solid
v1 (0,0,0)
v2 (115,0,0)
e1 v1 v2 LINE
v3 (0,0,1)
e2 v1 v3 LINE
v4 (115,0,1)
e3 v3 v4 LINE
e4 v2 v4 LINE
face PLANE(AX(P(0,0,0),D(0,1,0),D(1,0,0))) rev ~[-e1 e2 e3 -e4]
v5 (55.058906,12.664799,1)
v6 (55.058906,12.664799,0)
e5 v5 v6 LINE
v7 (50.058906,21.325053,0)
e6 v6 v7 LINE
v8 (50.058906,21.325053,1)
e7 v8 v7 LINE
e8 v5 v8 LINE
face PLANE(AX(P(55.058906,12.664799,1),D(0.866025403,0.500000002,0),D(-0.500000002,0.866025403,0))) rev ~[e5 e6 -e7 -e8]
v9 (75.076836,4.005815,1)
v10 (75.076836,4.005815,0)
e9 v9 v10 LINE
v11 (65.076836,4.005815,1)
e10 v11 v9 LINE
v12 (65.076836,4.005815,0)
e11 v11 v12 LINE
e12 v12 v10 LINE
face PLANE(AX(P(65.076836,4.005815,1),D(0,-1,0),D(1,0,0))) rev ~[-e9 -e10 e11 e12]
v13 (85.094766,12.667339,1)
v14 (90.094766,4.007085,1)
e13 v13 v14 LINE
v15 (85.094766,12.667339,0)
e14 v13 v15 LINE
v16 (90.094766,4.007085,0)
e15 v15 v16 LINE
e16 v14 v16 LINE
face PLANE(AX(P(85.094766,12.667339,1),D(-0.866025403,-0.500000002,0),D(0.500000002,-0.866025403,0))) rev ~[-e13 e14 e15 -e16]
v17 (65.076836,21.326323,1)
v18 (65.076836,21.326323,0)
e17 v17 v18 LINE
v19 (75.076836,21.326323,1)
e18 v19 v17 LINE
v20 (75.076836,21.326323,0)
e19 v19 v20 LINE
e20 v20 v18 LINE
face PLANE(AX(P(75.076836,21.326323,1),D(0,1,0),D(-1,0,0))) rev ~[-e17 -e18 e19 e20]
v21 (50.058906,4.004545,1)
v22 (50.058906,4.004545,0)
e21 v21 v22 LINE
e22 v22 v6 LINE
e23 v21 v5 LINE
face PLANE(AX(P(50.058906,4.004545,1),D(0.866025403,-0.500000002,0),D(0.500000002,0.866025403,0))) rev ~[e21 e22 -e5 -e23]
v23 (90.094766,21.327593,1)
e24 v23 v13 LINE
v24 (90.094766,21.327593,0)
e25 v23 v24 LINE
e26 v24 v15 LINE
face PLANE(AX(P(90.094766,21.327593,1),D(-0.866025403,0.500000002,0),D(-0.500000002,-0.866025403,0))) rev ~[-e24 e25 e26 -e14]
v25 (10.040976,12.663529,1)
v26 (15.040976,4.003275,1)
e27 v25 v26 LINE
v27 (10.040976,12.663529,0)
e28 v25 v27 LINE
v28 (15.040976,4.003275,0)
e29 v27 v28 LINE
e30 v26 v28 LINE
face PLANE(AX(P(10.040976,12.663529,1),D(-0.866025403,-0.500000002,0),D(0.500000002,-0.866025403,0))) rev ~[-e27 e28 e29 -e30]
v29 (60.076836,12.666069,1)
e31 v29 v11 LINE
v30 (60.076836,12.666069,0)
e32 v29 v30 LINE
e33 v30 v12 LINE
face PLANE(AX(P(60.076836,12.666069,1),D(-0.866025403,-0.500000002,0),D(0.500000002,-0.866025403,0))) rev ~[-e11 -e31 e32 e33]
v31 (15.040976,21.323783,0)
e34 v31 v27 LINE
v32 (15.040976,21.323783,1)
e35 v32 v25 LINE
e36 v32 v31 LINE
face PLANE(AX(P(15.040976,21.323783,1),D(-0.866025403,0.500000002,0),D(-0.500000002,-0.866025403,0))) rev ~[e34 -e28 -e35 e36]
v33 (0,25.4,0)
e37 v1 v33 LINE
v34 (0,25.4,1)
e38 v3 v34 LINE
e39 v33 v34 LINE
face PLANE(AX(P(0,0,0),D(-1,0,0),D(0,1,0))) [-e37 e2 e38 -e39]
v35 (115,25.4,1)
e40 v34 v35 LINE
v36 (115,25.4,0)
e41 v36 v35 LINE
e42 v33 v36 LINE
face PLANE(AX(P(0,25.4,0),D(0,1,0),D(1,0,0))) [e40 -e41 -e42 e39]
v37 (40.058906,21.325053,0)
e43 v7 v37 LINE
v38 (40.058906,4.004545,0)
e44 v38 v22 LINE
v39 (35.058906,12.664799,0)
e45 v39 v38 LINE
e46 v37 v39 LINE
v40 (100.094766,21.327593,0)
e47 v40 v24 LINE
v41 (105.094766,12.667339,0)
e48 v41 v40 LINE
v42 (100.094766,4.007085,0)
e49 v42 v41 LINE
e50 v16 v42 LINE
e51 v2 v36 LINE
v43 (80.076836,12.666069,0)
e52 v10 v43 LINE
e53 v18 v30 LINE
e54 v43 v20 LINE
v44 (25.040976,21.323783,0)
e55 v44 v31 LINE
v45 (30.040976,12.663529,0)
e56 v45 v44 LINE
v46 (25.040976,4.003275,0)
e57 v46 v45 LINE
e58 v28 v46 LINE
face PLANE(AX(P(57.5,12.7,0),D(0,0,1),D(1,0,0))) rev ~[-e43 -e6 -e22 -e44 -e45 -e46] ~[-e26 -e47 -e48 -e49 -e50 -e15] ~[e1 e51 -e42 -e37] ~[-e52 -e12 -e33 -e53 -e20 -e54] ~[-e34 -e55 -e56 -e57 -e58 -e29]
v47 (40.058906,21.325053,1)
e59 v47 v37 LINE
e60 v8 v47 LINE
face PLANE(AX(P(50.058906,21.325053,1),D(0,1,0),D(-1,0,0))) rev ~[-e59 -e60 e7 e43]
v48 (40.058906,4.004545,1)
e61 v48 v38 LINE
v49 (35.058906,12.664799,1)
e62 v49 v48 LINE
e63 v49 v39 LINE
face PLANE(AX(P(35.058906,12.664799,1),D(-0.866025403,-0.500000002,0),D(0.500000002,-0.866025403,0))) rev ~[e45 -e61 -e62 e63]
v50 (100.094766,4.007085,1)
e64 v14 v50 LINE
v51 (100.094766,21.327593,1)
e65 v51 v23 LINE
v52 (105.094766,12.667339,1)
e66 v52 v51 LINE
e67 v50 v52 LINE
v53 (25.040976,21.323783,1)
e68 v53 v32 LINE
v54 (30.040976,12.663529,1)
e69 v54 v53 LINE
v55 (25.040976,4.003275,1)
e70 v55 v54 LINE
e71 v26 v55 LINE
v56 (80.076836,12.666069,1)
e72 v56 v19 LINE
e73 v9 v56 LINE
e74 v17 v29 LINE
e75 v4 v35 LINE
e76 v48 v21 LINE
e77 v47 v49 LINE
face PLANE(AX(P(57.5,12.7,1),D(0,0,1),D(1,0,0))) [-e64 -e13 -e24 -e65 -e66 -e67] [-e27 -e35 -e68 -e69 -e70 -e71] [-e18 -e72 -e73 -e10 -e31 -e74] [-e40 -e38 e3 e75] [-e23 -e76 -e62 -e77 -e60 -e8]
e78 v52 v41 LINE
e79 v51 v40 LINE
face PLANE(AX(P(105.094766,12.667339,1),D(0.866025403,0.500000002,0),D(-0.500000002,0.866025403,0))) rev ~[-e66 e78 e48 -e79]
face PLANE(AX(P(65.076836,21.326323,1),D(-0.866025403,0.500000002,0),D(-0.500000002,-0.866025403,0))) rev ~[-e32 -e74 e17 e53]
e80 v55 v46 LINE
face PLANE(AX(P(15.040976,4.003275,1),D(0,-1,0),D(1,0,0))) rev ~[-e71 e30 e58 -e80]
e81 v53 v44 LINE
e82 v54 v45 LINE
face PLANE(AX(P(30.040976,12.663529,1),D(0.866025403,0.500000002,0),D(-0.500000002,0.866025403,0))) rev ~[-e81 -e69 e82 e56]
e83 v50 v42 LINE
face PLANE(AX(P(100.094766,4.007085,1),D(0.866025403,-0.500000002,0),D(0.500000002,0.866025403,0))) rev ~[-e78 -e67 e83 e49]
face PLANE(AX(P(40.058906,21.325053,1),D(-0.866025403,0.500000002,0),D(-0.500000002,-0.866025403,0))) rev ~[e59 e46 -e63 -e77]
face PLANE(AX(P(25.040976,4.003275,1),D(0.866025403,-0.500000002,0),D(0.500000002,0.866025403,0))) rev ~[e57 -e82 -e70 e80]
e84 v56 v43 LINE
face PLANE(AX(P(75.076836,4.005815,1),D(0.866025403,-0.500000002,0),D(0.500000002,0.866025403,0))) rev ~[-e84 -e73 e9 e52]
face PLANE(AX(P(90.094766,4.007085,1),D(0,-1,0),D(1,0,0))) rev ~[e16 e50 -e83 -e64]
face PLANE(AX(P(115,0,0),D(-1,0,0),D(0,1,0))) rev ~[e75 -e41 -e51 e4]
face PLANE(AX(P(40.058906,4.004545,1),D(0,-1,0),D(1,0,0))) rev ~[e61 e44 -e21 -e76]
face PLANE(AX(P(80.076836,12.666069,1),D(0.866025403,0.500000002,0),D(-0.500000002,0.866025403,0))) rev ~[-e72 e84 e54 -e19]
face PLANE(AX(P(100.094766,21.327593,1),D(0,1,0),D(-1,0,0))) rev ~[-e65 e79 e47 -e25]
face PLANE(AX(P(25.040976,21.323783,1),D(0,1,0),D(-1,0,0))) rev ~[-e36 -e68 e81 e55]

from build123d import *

# Parameters (mm, degrees)
BOX_W        = 115
BOX_H        = 25.4
BOX_DEPTH    = 1
POCKET_DEPTH = 5


with BuildPart() as part:
    # Box → Box (new body)
    with BuildSketch(Plane.XY):
        with Locations((57.5, 12.7)):
            Rectangle(BOX_W, BOX_H)
    extrude(amount=BOX_DEPTH)

    # Sketch (on Face6 of BaseFeature) → Pocket (cut)
    with BuildSketch(Plane.XY.offset(1)):
        Polygon((25.040976, 4.003275), (30.040976, 12.663529), (25.040976, 21.323783), (15.040976, 21.323783), (10.040976, 12.663529), (15.040976, 4.003275), align=None)
        Polygon((50.058906, 4.004545), (55.058906, 12.664799), (50.058906, 21.325053), (40.058906, 21.325053), (35.058906, 12.664799), (40.058906, 4.004545), align=None)
        Polygon((75.076836, 4.005815), (80.076836, 12.666069), (75.076836, 21.326323), (65.076836, 21.326323), (60.076836, 12.666069), (65.076836, 4.005815), align=None)
        Polygon((100.094766, 4.007085), (105.094766, 12.667339), (100.094766, 21.327593), (90.094766, 21.327593), (85.094766, 12.667339), (90.094766, 4.007085), align=None)
    extrude(amount=-POCKET_DEPTH, mode=Mode.SUBTRACT)


solid = part.part
